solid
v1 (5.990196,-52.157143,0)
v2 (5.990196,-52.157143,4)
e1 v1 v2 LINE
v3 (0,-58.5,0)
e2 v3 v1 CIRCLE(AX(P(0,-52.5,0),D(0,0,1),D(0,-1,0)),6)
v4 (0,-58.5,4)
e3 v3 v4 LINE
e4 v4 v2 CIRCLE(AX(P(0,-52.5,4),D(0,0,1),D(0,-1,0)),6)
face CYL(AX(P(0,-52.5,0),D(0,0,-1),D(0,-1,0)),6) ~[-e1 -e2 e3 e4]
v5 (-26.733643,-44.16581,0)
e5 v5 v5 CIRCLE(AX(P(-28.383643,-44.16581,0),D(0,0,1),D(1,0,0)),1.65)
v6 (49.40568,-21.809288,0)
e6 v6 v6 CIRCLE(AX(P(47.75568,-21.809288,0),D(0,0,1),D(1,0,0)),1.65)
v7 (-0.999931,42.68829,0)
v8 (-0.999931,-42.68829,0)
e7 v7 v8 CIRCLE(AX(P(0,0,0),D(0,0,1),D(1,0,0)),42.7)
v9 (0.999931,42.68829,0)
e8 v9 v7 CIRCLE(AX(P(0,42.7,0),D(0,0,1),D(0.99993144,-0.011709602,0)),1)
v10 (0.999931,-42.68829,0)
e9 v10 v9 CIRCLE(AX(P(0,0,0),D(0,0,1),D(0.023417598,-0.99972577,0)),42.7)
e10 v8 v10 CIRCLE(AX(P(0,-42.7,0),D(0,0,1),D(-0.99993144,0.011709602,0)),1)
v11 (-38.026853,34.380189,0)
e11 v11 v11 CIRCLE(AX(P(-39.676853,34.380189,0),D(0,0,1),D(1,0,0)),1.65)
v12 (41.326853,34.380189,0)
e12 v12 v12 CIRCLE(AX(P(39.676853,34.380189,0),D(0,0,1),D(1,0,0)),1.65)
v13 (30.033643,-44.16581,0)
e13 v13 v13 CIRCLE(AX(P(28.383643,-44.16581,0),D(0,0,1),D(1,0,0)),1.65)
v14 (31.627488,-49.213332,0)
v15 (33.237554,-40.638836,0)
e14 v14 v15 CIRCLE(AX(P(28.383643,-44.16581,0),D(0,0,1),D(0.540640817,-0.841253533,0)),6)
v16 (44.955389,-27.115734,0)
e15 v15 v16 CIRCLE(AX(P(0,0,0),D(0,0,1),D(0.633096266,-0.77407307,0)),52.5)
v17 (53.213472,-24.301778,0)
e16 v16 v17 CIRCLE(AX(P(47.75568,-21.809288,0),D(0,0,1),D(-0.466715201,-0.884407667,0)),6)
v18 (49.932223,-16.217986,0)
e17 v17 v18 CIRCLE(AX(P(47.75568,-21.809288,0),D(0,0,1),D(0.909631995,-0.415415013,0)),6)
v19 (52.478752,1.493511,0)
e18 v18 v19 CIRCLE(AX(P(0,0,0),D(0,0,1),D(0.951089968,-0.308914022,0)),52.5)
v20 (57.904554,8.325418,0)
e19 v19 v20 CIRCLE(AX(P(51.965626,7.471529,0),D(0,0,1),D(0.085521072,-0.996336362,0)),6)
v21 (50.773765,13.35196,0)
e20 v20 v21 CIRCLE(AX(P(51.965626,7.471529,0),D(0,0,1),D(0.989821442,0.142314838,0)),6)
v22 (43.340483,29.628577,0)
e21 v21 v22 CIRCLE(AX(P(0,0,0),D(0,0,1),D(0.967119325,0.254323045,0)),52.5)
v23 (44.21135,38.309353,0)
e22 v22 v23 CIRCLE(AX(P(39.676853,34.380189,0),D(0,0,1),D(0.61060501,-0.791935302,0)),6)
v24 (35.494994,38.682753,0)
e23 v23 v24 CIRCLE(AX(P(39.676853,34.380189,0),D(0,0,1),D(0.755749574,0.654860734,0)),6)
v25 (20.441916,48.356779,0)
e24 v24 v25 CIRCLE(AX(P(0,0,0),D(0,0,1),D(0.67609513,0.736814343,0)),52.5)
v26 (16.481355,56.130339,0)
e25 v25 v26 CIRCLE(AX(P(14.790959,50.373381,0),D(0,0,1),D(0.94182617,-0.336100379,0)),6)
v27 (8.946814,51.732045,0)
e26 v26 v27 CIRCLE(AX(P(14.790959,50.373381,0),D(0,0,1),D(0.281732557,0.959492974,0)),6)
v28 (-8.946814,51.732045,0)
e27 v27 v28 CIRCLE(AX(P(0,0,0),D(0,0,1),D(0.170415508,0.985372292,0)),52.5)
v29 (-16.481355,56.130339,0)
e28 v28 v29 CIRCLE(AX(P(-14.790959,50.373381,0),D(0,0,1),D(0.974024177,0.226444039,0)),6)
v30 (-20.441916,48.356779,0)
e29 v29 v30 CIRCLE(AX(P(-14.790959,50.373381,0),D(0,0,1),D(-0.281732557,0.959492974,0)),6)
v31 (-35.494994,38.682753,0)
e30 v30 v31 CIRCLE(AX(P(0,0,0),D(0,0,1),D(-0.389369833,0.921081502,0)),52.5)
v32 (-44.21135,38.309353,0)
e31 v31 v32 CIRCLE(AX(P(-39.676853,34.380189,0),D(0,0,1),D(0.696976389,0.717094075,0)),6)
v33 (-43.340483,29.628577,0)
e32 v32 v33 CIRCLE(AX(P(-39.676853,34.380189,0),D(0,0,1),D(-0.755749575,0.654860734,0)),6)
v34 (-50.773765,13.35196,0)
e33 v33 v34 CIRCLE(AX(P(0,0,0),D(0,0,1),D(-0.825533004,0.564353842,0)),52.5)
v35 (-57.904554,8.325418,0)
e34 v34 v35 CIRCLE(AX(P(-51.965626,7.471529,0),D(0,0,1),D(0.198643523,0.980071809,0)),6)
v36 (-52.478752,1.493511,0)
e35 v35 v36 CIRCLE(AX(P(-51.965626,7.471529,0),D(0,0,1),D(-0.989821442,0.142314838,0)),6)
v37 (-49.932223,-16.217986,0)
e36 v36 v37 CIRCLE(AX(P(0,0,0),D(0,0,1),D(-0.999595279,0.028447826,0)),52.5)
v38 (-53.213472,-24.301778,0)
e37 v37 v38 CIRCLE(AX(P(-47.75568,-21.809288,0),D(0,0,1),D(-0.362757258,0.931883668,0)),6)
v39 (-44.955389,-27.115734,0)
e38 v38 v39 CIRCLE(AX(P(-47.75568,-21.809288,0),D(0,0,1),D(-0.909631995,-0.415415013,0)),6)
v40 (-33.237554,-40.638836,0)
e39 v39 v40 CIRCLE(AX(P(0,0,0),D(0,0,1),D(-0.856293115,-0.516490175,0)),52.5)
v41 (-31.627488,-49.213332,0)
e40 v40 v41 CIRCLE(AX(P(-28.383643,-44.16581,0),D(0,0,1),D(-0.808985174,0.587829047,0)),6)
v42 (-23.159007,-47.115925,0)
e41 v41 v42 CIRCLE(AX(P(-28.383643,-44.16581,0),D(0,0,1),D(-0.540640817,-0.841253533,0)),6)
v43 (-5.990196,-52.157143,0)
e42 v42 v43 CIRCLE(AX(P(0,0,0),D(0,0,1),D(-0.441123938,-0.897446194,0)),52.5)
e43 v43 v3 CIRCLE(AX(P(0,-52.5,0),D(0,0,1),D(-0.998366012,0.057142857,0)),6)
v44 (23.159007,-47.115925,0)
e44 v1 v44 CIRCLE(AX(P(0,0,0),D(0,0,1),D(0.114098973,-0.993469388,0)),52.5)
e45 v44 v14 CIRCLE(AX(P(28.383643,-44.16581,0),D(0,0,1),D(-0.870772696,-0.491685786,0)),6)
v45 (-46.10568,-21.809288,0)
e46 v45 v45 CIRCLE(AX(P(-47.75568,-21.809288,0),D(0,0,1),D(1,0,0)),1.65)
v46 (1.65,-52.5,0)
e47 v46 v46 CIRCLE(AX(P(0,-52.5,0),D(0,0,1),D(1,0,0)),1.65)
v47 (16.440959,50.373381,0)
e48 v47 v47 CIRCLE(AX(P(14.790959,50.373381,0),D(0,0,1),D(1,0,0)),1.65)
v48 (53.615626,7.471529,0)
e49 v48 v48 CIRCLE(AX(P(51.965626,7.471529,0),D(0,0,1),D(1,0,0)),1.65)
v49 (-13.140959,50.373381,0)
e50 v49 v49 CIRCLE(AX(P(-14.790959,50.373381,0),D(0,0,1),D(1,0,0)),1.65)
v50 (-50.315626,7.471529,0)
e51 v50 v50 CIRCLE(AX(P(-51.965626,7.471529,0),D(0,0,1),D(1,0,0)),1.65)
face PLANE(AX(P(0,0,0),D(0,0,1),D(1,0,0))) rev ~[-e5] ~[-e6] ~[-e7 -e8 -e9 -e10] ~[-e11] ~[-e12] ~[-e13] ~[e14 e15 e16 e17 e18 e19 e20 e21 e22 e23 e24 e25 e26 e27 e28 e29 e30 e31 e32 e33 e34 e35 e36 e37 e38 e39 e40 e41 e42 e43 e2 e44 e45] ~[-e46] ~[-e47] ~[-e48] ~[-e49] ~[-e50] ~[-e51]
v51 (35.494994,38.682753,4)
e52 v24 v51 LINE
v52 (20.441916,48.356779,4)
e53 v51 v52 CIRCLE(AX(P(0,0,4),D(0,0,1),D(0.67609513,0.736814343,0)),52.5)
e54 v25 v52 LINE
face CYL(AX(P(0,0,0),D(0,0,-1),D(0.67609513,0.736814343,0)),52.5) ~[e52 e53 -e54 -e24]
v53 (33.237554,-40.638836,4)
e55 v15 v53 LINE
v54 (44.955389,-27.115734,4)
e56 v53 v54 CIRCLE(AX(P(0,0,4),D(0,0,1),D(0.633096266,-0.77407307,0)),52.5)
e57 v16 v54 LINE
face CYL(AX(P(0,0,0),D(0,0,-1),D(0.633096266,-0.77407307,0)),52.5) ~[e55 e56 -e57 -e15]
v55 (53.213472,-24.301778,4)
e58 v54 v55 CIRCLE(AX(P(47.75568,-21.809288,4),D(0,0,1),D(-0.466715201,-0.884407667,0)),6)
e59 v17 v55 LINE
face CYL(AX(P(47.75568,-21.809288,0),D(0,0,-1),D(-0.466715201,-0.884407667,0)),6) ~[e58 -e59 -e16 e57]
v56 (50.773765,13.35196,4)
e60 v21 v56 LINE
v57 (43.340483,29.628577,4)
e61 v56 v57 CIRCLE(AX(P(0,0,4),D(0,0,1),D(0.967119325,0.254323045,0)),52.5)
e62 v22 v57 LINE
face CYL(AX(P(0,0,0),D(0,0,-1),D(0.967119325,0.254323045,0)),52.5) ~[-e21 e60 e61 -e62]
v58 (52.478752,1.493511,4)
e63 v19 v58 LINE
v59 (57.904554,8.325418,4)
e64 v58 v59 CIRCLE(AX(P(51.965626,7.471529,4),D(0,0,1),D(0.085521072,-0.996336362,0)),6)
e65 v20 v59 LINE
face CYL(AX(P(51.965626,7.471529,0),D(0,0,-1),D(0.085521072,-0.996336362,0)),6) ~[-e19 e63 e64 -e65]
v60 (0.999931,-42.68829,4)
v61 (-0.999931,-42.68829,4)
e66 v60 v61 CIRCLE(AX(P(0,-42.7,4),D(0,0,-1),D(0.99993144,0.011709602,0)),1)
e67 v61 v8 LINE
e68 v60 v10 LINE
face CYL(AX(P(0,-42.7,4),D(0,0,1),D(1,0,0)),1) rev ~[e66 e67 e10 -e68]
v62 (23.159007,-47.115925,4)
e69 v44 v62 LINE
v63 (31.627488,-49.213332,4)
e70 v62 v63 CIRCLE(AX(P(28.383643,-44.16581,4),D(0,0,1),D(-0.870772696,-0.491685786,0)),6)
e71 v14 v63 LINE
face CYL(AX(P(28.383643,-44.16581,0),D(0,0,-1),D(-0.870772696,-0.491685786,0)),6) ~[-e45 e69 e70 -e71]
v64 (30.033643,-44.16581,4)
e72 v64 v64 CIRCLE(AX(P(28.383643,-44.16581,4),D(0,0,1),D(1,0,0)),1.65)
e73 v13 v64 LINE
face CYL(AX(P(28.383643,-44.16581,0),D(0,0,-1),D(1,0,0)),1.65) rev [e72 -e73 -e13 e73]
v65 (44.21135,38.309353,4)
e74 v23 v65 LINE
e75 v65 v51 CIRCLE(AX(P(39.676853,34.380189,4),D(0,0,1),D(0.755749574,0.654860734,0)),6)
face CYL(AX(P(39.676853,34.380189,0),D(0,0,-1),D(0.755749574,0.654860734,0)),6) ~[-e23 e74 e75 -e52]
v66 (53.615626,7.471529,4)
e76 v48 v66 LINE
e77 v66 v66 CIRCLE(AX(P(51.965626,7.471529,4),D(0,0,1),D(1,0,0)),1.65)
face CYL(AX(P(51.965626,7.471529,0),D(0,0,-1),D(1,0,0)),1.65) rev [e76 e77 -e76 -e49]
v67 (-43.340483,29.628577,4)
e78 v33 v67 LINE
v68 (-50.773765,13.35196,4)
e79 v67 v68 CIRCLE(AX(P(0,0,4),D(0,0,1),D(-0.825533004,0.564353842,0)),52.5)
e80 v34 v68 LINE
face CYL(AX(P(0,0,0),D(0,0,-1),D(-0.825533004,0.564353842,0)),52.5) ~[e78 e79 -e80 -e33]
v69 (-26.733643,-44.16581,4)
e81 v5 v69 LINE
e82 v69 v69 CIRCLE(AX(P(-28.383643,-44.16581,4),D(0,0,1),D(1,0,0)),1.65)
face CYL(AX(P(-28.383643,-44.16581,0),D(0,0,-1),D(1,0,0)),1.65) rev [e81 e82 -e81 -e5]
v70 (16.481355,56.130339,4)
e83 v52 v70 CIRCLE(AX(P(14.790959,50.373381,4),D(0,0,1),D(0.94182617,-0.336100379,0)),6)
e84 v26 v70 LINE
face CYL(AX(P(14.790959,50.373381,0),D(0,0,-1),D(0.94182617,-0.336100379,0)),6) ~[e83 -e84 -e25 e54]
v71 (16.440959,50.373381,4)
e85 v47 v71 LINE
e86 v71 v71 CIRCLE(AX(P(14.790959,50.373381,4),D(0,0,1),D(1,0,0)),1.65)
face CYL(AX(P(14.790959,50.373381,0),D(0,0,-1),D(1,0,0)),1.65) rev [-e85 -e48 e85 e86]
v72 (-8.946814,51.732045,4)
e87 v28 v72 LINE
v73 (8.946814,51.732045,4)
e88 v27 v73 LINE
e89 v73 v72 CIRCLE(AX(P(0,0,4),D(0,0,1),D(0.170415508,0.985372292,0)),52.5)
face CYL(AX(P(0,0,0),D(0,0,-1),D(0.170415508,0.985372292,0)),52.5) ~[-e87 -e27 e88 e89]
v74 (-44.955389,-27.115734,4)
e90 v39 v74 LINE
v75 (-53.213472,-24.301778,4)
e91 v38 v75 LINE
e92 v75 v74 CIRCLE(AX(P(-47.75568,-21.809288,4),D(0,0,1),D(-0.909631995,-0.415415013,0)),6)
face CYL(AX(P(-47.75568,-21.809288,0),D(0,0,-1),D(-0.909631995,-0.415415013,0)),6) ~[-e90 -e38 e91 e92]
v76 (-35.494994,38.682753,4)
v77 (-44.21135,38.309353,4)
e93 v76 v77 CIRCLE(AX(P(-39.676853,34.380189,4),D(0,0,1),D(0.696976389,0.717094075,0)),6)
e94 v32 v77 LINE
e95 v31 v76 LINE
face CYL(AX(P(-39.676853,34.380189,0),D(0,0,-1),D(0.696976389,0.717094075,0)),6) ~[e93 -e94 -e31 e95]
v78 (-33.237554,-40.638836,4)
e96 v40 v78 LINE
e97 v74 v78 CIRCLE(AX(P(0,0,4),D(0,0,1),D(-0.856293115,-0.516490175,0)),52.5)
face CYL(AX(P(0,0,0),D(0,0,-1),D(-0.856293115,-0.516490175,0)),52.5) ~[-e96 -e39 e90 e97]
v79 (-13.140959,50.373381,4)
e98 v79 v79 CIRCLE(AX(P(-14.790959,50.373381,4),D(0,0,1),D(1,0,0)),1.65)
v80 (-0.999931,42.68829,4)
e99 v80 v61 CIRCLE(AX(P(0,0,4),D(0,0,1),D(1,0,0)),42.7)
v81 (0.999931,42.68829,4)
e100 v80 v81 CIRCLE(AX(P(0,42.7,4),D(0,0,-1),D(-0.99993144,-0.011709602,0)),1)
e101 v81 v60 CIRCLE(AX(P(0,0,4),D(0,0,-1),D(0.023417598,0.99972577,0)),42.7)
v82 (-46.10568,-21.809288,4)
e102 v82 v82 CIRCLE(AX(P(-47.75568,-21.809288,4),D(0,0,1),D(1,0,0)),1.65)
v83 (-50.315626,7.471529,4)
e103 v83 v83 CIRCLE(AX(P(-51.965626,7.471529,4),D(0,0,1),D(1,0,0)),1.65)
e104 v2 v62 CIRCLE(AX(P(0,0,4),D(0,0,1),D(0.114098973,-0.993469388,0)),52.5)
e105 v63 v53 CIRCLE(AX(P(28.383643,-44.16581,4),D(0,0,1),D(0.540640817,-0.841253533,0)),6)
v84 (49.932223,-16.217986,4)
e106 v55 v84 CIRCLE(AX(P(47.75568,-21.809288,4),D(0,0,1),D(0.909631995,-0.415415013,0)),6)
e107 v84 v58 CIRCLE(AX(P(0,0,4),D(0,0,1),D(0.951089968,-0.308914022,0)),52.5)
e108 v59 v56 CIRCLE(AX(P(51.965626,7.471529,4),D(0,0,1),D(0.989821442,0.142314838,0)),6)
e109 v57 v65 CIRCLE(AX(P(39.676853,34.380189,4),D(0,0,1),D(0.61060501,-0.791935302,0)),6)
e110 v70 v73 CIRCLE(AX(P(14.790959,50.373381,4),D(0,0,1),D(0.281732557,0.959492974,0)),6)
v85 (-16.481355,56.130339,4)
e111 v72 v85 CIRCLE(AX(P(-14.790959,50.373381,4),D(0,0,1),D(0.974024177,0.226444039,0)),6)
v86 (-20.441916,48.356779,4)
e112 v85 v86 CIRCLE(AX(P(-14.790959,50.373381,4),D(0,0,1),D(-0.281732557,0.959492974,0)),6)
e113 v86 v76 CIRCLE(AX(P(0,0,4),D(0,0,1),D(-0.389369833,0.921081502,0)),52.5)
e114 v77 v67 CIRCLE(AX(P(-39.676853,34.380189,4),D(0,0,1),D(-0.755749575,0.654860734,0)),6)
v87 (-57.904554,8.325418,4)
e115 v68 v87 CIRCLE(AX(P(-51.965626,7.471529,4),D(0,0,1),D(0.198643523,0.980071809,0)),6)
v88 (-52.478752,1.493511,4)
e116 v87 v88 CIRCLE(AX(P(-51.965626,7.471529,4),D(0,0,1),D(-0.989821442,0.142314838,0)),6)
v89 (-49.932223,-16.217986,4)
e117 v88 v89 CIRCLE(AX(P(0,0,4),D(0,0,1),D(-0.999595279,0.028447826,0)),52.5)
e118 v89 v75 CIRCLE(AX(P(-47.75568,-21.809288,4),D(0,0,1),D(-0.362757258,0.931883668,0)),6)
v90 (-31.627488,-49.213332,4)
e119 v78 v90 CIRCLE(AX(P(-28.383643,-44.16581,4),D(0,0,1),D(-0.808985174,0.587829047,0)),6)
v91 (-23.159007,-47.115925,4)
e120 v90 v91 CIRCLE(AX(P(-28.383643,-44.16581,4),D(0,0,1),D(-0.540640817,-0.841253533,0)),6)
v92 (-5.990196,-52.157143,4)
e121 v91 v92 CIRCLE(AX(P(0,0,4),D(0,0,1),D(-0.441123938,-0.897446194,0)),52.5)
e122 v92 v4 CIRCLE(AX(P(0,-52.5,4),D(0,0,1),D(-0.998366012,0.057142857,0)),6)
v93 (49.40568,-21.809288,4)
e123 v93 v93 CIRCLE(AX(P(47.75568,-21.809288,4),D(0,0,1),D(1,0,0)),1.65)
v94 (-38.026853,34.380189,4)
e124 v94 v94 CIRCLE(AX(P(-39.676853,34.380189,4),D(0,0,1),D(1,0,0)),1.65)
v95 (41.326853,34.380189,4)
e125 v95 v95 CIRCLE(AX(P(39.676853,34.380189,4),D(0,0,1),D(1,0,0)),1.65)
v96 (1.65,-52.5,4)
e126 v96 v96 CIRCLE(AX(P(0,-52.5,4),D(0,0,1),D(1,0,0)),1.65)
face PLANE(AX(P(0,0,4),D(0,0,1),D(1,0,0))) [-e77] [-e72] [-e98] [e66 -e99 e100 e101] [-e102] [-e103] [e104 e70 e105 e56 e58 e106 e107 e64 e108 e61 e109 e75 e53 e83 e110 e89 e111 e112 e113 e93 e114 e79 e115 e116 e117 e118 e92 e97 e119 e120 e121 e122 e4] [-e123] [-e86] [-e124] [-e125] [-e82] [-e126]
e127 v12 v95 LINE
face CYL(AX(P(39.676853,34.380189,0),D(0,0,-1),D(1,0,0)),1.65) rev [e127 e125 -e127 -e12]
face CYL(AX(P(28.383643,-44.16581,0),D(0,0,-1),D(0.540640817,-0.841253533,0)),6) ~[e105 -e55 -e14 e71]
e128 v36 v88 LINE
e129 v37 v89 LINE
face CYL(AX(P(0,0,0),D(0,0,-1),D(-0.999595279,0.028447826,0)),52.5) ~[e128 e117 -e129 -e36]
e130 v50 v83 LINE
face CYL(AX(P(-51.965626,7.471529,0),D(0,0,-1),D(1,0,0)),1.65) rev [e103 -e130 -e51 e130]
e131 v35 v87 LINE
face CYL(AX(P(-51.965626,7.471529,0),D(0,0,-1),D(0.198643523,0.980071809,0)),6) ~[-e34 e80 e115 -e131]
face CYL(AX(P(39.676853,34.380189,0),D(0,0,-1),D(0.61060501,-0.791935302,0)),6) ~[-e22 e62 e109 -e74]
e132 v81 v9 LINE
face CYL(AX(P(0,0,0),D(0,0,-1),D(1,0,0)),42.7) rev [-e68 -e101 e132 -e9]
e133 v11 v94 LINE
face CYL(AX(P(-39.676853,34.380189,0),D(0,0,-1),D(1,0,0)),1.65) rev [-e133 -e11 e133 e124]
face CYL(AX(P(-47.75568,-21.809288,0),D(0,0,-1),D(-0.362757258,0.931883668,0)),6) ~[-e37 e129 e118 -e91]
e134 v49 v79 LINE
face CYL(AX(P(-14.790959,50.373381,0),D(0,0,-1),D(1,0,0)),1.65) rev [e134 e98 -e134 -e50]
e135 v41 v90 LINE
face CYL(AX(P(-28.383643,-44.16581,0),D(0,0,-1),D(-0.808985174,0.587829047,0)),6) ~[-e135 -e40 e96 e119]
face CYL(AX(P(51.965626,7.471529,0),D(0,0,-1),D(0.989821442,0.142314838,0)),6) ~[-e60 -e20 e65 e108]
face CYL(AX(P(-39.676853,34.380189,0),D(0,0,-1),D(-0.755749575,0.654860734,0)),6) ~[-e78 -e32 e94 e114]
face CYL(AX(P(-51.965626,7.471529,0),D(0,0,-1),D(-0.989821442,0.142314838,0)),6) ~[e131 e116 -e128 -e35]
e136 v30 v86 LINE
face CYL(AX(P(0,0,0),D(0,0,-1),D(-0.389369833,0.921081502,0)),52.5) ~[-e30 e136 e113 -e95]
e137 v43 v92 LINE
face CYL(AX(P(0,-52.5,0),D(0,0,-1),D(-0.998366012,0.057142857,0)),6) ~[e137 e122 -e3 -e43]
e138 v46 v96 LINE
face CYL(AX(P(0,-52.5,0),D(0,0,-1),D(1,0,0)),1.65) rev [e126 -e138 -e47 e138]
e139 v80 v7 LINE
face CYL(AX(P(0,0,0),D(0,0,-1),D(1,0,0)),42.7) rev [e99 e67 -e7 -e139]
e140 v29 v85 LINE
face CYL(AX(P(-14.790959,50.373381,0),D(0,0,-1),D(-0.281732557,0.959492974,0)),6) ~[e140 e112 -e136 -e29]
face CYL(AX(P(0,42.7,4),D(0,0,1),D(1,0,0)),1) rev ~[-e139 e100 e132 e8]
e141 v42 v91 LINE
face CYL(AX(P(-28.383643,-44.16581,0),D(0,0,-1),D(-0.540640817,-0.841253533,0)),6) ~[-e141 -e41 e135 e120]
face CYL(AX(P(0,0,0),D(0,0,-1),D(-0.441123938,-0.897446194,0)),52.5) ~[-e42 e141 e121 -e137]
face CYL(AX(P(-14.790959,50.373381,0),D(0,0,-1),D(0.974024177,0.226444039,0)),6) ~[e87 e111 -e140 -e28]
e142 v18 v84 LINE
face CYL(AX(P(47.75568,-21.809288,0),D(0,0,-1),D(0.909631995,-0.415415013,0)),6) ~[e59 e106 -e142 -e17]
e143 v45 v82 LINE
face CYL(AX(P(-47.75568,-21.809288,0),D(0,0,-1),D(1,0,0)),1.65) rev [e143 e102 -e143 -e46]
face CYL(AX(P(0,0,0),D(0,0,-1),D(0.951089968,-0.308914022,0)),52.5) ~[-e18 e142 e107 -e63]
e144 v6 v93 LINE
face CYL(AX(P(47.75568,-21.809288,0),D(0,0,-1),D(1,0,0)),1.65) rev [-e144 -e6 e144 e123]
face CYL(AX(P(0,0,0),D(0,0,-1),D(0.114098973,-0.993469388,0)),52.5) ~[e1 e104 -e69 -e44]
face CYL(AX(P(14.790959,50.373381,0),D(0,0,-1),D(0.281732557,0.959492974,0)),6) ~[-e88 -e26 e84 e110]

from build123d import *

# Parameters (mm, degrees)
SKETCH_1_R          = 42.7
SKETCH_1_R_2        = 1.65
EXTRUDE_1_DEPTH     = 4
SKETCH_2_R          = 1
CUT_EXTRUDE_1_DEPTH = 4


with BuildPart() as part:
    # 草图1 → 凸台-拉伸1 (new body)
    with BuildSketch(Plane.XY):
        with BuildLine():
            ThreePointArc((-57.90455435, 8.325418039), (-56.664135325, 3.740040393), (-52.478752132, 1.493510837))
            ThreePointArc((-52.478752132, 1.493510837), (-51.965625699, -7.471529009), (-49.932223308, -16.217986173))
            ThreePointArc((-49.932223308, -16.217986173), (-53.315148558, -19.552674205), (-53.213471728, -24.301778261))
            ThreePointArc((-53.213471728, -24.301778261), (-49.690922522, -27.488622249), (-44.95538855, -27.115734184))
            ThreePointArc((-44.95538855, -27.115734184), (-39.676852654, -34.380188532), (-33.237553958, -40.63883619))
            ThreePointArc((-33.237553958, -40.63883619), (-34.280583312, -45.27310175), (-31.627487821, -49.213331671))
            ThreePointArc((-31.627487821, -49.213331671), (-26.941192918, -49.989841552), (-23.159006743, -47.115925192))
            ThreePointArc((-23.159006743, -47.115925192), (-14.790959234, -50.373381115), (-5.990196072, -52.157142857))
            ThreePointArc((-5.990196072, -52.157142857), (-4.36217508, -56.619639374), (0, -58.5))
            ThreePointArc((0, -58.5), (4.36217508, -56.619639374), (5.990196072, -52.157142857))
            ThreePointArc((5.990196072, -52.157142857), (14.790959234, -50.373381115), (23.159006743, -47.115925192))
            ThreePointArc((23.159006743, -47.115925192), (26.941192918, -49.989841552), (31.627487821, -49.213331671))
            ThreePointArc((31.627487821, -49.213331671), (34.280583312, -45.27310175), (33.237553958, -40.63883619))
            ThreePointArc((33.237553958, -40.63883619), (39.676852654, -34.380188532), (44.95538855, -27.115734184))
            ThreePointArc((44.95538855, -27.115734184), (49.690922522, -27.488622249), (53.213471728, -24.301778261))
            ThreePointArc((53.213471728, -24.301778261), (53.315148558, -19.552674205), (49.932223308, -16.217986173))
            ThreePointArc((49.932223308, -16.217986173), (51.965625699, -7.471529009), (52.478752132, 1.493510837))
            ThreePointArc((52.478752132, 1.493510837), (56.664135325, 3.740040393), (57.90455435, 8.325418039))
            ThreePointArc((57.90455435, 8.325418039), (55.422530843, 12.375589248), (50.773764562, 13.351959864))
            ThreePointArc((50.773764562, 13.351959864), (47.755679756, 21.809288183), (43.34048271, 29.62857672))
            ThreePointArc((43.34048271, 29.62857672), (45.646885531, 33.781266636), (44.2113501, 38.309352936))
            ThreePointArc((44.2113501, 38.309352936), (39.933651182, 40.374690556), (35.494994318, 38.682752984))
            ThreePointArc((35.494994318, 38.682752984), (28.383642916, 44.165810474), (20.441916256, 48.35677884))
            ThreePointArc((20.441916256, 48.35677884), (20.137072107, 53.097179409), (16.481354575, 56.130338956))
            ThreePointArc((16.481354575, 56.130338956), (11.766119429, 55.555112887), (8.946814173, 51.732045351))
            ThreePointArc((8.946814173, 51.732045351), (0, 52.5), (-8.946814173, 51.732045351))
            ThreePointArc((-8.946814173, 51.732045351), (-11.766119429, 55.555112887), (-16.481354575, 56.130338956))
            ThreePointArc((-16.481354575, 56.130338956), (-20.137072107, 53.097179409), (-20.441916256, 48.35677884))
            ThreePointArc((-20.441916256, 48.35677884), (-28.383642916, 44.165810474), (-35.494994318, 38.682752984))
            ThreePointArc((-35.494994318, 38.682752984), (-39.933651182, 40.374690556), (-44.2113501, 38.309352936))
            ThreePointArc((-44.2113501, 38.309352936), (-45.646885531, 33.781266636), (-43.34048271, 29.62857672))
            ThreePointArc((-43.34048271, 29.62857672), (-47.755679756, 21.809288183), (-50.773764562, 13.351959864))
            ThreePointArc((-50.773764562, 13.351959864), (-55.422530843, 12.375589248), (-57.90455435, 8.325418039))
        make_face()
        Circle(SKETCH_1_R, mode=Mode.SUBTRACT)
        with Locations((-51.965625699, 7.471529009)):
            Circle(SKETCH_1_R_2, mode=Mode.SUBTRACT)
        with Locations((-39.676852654, 34.380188532)):
            Circle(SKETCH_1_R_2, mode=Mode.SUBTRACT)
        with Locations((-14.790959234, 50.373381115)):
            Circle(SKETCH_1_R_2, mode=Mode.SUBTRACT)
        with Locations((14.790959234, 50.373381115)):
            Circle(SKETCH_1_R_2, mode=Mode.SUBTRACT)
        with Locations((39.676852654, 34.380188532)):
            Circle(SKETCH_1_R_2, mode=Mode.SUBTRACT)
        with Locations((51.965625699, 7.471529009)):
            Circle(SKETCH_1_R_2, mode=Mode.SUBTRACT)
        with Locations((47.755679756, -21.809288183)):
            Circle(SKETCH_1_R_2, mode=Mode.SUBTRACT)
        with Locations((28.383642916, -44.165810474)):
            Circle(SKETCH_1_R_2, mode=Mode.SUBTRACT)
        with Locations((0, -52.5)):
            Circle(SKETCH_1_R_2, mode=Mode.SUBTRACT)
        with Locations((-28.383642916, -44.165810474)):
            Circle(SKETCH_1_R_2, mode=Mode.SUBTRACT)
        with Locations((-47.755679756, -21.809288183)):
            Circle(SKETCH_1_R_2, mode=Mode.SUBTRACT)
    extrude(amount=EXTRUDE_1_DEPTH)

    # 草图2 → 切除-拉伸1 (cut)
    with BuildSketch(Plane.XY.offset(4)):
        with Locations((0, -42.7)):
            Circle(SKETCH_2_R)
        with Locations((0, 42.7)):
            Circle(SKETCH_2_R)
    extrude(amount=-CUT_EXTRUDE_1_DEPTH, mode=Mode.SUBTRACT)


solid = part.part
